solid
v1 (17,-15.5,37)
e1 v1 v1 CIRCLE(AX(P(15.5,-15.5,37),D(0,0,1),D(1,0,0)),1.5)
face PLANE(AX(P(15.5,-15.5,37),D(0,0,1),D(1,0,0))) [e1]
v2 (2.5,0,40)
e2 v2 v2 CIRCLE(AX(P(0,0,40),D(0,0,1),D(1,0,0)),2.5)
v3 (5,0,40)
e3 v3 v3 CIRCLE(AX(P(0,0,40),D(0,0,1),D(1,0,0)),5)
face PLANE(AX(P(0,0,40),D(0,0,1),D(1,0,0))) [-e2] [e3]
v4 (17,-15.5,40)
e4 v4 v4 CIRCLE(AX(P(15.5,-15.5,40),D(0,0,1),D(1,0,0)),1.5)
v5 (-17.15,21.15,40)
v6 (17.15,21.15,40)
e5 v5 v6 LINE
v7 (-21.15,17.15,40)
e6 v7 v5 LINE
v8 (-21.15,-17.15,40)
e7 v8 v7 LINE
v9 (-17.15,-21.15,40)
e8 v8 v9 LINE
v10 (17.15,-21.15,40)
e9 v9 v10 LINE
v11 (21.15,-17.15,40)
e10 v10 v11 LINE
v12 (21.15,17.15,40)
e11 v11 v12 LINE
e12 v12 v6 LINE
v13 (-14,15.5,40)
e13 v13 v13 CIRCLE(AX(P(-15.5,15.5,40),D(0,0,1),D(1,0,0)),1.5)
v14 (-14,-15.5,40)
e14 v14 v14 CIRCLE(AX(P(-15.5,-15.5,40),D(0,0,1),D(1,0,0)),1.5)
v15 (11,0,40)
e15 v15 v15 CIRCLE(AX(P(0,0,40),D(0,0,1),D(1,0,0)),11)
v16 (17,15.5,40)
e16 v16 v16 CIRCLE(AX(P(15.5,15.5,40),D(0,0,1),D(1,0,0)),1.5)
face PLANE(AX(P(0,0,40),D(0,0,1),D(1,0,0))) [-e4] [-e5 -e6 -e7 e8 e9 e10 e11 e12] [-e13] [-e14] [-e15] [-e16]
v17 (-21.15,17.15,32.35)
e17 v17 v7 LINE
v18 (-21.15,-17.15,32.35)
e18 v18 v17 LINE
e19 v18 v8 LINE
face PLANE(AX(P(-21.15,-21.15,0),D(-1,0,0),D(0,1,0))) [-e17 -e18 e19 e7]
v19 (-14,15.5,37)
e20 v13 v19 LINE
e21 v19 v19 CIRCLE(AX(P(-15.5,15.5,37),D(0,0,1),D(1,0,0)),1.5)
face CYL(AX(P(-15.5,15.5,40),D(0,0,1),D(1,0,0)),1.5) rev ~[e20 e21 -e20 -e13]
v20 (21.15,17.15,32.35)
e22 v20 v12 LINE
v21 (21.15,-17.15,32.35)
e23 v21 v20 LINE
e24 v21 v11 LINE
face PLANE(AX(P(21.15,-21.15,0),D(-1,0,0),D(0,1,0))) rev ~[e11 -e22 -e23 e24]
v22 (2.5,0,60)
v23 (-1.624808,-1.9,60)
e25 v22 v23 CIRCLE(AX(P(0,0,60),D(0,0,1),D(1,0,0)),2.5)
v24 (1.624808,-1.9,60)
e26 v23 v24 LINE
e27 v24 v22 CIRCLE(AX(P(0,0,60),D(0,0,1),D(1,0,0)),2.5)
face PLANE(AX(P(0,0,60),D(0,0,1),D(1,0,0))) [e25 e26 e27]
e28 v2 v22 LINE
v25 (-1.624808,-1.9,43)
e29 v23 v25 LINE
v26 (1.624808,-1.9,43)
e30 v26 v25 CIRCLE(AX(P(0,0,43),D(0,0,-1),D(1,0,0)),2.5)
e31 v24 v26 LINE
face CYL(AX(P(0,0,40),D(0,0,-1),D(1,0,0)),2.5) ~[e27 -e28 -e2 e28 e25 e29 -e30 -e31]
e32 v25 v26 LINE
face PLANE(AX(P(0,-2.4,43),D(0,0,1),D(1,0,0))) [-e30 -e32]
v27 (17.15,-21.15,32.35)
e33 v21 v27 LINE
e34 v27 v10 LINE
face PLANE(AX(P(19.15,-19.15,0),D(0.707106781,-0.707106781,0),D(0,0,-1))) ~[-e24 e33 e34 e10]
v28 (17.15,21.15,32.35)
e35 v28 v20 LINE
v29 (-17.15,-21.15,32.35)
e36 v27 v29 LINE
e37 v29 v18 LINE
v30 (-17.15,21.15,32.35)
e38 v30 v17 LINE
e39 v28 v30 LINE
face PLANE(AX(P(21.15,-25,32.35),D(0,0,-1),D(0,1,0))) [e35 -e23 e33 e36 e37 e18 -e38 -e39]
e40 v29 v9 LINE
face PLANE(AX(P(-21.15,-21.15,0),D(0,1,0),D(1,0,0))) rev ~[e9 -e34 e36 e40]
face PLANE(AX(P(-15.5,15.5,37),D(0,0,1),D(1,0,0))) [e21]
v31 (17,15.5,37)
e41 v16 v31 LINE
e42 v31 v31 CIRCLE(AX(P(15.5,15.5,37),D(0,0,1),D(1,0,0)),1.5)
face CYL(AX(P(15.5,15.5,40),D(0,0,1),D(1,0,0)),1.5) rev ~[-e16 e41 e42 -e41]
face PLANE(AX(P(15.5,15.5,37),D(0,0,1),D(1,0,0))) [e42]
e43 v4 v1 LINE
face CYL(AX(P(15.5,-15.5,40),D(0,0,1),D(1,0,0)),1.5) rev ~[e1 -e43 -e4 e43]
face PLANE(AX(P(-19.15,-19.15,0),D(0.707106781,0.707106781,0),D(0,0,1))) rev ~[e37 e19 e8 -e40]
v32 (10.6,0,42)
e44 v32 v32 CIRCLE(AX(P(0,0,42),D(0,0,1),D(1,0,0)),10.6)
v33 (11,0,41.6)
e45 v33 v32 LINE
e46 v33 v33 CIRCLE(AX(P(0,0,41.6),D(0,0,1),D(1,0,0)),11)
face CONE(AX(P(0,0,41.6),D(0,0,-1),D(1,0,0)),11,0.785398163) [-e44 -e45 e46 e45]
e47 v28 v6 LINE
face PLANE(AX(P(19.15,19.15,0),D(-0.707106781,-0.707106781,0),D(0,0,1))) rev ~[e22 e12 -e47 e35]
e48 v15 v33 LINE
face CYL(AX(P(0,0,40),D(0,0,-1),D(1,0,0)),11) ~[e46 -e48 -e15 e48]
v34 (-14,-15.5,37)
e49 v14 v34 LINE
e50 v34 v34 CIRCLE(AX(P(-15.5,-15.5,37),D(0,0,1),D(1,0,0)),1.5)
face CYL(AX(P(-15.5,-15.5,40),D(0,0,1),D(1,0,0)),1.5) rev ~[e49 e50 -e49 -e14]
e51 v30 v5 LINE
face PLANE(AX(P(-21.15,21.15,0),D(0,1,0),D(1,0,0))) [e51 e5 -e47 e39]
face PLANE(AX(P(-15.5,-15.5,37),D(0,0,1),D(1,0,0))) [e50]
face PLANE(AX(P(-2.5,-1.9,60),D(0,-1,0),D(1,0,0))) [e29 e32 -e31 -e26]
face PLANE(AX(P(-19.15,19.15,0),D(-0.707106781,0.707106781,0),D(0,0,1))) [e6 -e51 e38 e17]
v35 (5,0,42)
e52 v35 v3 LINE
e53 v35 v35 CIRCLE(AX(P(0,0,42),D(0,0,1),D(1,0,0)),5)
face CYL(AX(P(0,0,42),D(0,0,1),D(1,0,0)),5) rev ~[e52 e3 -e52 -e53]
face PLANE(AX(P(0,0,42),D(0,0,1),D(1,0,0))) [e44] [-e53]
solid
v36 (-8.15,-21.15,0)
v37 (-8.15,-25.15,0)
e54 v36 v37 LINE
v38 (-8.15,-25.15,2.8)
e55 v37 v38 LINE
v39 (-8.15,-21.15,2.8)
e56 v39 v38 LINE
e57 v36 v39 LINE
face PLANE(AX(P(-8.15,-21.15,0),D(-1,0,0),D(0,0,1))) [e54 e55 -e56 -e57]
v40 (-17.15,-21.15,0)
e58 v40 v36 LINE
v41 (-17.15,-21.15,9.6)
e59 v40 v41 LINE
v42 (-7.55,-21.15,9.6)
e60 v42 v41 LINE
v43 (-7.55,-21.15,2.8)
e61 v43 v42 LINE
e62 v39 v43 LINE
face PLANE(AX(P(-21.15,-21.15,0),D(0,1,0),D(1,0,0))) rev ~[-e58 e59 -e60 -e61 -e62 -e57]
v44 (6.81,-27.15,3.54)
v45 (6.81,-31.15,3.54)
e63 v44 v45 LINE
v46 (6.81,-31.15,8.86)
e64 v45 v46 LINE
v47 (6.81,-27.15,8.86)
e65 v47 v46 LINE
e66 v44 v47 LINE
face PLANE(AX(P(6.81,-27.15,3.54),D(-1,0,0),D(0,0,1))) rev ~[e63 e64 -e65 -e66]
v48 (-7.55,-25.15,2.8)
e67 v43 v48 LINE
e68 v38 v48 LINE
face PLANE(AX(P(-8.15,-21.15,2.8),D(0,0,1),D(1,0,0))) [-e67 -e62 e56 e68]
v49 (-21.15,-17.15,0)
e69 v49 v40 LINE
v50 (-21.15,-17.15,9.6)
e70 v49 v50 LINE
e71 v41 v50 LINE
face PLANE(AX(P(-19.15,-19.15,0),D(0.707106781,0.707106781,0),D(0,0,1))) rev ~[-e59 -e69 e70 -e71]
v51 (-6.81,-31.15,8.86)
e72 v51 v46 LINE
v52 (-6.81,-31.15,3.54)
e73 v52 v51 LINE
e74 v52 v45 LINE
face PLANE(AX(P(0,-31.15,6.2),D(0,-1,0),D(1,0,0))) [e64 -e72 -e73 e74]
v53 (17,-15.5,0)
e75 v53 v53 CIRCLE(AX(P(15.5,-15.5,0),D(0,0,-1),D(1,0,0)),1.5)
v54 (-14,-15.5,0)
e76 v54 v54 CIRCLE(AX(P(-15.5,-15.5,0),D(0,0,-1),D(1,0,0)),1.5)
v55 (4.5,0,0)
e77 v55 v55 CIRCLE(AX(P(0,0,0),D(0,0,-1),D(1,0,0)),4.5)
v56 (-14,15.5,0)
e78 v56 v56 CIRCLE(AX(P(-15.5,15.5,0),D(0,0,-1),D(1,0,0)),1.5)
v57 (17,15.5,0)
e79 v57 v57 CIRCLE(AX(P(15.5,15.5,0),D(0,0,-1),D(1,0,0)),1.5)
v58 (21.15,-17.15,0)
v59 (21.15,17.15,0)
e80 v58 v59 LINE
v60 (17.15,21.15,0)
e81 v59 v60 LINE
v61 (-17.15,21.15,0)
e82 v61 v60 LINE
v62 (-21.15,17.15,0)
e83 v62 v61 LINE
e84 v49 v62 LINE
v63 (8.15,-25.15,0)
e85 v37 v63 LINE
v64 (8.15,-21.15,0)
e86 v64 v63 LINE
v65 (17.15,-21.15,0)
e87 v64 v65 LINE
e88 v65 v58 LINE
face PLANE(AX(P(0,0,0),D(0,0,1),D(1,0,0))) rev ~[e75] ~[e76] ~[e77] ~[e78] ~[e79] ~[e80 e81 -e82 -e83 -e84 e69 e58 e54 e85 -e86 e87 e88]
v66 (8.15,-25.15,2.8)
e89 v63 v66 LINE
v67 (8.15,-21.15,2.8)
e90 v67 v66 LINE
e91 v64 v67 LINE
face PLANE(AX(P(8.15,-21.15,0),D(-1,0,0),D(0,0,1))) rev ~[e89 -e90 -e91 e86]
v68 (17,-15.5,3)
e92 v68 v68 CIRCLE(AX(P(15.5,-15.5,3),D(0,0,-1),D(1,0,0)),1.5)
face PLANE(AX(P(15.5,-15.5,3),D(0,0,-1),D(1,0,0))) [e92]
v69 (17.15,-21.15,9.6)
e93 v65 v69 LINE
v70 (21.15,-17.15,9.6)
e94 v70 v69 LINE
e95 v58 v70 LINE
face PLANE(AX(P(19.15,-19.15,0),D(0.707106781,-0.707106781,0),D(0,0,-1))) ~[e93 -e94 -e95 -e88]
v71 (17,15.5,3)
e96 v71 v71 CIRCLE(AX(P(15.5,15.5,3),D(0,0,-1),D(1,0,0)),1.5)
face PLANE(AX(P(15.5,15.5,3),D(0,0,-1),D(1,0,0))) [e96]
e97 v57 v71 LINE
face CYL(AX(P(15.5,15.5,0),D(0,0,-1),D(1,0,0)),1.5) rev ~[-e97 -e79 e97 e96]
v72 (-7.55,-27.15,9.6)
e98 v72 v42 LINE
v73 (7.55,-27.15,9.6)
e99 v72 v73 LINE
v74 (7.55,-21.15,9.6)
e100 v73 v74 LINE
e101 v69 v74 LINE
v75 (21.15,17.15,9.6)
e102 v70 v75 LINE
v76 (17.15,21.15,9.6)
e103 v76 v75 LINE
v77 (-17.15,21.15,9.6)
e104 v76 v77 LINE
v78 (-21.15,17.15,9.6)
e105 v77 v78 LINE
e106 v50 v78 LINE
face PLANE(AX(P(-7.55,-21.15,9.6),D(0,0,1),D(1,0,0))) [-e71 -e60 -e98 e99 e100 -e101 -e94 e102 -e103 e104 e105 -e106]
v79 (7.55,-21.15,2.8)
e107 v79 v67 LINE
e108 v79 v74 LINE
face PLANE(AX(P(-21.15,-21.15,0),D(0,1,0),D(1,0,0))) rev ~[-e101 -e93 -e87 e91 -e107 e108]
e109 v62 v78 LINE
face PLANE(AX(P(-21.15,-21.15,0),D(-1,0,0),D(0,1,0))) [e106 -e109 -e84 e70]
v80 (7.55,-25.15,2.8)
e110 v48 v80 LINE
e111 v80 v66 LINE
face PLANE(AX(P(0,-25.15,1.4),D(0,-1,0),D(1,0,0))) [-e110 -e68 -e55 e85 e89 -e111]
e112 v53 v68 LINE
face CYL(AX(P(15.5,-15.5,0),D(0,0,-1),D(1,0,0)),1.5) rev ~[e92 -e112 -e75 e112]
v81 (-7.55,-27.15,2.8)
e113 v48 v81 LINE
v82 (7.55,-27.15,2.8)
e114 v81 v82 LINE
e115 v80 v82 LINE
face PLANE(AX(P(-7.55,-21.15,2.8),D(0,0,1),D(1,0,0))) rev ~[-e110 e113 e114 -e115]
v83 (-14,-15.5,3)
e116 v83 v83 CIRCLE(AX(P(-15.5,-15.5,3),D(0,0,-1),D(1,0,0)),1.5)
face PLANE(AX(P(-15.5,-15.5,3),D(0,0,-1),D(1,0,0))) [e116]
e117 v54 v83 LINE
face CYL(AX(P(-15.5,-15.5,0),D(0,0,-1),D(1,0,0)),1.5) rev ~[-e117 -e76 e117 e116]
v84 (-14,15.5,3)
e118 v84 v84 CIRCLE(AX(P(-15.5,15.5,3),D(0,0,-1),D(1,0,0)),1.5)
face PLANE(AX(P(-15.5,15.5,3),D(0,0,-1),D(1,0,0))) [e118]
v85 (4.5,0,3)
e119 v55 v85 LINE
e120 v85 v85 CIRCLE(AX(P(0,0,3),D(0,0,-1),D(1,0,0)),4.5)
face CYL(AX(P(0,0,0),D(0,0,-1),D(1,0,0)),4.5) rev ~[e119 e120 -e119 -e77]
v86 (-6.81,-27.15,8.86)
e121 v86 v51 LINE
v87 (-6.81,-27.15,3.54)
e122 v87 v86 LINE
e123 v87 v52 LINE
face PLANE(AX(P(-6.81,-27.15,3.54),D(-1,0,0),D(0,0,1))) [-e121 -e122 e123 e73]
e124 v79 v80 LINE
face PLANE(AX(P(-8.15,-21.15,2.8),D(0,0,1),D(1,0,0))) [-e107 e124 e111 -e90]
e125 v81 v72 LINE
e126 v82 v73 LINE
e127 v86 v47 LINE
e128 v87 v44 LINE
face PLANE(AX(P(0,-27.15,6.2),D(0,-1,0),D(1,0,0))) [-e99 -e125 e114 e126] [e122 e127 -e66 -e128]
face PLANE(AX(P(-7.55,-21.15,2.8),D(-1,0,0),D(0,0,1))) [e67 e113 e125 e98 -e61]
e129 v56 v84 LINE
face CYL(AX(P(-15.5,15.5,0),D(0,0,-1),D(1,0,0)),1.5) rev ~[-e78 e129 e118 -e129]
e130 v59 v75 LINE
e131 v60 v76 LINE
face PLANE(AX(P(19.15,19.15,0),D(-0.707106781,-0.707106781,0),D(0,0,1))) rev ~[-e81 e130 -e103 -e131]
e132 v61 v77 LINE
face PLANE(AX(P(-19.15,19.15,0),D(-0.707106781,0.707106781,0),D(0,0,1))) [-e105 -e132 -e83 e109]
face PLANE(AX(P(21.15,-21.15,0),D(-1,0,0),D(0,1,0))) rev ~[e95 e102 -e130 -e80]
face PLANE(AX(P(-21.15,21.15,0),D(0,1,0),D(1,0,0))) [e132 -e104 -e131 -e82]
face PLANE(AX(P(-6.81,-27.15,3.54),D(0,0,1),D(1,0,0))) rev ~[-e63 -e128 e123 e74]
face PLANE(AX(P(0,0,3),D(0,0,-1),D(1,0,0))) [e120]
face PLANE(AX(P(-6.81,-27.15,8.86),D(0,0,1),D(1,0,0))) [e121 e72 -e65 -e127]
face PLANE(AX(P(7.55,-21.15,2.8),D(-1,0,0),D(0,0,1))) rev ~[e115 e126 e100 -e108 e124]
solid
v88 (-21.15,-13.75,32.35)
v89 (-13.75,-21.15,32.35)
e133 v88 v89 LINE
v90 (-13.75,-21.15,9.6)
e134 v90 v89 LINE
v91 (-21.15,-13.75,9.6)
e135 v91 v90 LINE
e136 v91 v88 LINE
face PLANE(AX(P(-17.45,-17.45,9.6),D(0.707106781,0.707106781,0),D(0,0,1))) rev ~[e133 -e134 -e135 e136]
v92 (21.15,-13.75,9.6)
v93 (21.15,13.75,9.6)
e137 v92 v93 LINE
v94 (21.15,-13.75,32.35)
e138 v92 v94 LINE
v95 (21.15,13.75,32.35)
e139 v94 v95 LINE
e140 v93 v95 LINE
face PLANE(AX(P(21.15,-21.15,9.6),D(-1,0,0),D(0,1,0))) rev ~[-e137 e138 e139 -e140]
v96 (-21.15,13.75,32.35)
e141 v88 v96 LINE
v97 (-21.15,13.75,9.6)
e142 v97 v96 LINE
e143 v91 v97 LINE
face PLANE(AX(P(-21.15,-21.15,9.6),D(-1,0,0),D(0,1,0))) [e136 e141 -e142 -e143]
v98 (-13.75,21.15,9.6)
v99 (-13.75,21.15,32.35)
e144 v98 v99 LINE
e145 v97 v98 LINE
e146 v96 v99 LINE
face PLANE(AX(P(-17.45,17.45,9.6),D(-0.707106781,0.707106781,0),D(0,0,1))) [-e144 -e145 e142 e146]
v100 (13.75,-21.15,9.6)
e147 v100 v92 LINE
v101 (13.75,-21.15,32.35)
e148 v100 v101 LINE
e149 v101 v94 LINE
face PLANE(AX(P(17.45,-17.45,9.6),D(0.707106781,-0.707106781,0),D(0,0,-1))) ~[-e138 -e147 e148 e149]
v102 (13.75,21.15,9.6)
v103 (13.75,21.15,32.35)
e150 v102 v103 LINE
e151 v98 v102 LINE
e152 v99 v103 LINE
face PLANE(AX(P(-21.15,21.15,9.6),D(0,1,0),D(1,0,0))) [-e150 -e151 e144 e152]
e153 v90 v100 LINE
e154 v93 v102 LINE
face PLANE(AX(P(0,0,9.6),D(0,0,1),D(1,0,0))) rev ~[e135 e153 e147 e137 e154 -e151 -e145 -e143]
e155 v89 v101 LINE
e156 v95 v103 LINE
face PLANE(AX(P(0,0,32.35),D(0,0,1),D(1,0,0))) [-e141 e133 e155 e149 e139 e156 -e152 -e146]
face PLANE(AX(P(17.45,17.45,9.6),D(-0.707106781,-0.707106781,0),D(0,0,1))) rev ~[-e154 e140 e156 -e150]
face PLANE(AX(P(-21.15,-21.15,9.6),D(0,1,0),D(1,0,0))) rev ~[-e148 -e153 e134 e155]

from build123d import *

# Parameters (mm, degrees)
SKETCH_W        = 42.3
SKETCH_H        = 42.3
PAD_DEPTH       = 40
CHAMFER_SIZE    = 4
SKETCH001_R     = 11
PAD001_DEPTH    = 2
CHAMFER001_SIZE = 0.4
SKETCH002_R     = 5
POCKET_DEPTH    = 2
SKETCH003_R     = 4.5
POCKET001_DEPTH = 3
SKETCH004_R     = 1.5
POCKET002_DEPTH = 3
SKETCH005_R     = 1.5
POCKET003_DEPTH = 3
SKETCH006_W     = 16.3
SKETCH006_H     = 2.8
PAD002_DEPTH    = 4
SKETCH007_W     = 15.1
SKETCH007_H     = 6.8
PAD003_DEPTH    = 6
SKETCH008_W     = 13.62
SKETCH008_H     = 5.32
PAD004_DEPTH    = 4
SKETCH009_R     = 2.5
PAD005_DEPTH    = 20
SKETCH010_W     = 5
SKETCH010_H     = 1
POCKET004_DEPTH = 17
SKETCH011_W     = 50
SKETCH011_H     = 22.75
POCKET005_DEPTH = 42.3
BOX_W           = 42.3
BOX_H           = 42.3
BOX_DEPTH       = 22.75
CHAMFER002_SIZE = 7.4


with BuildPart() as pocket005:
    # Sketch → Pad (new body)
    with BuildSketch(Plane.XY):
        Rectangle(SKETCH_W, SKETCH_H)
    extrude(amount=PAD_DEPTH)

    # Chamfer
    chamfer_edges = [pocket005.edges().sort_by_distance(p)[0] for p in [
        (21.15, -21.15, 20),
        (21.15, 21.15, 20),
        (-21.15, 21.15, 20),
        (-21.15, -21.15, 20),
    ]]
    chamfer(chamfer_edges, length=CHAMFER_SIZE)

    # Sketch001 → Pad001 (new body)
    with BuildSketch(Plane.XY.offset(40)):
        Circle(SKETCH001_R)
    extrude(amount=PAD001_DEPTH)

    # Chamfer001
    chamfer001_edges = [pocket005.edges().sort_by_distance(p)[0] for p in [
        (-11, 0, 42),
    ]]
    chamfer(chamfer001_edges, length=CHAMFER001_SIZE)

    # Sketch002 → Pocket (cut)
    with BuildSketch(Plane.XY.offset(42)):
        Circle(SKETCH002_R)
    extrude(amount=-POCKET_DEPTH, mode=Mode.SUBTRACT)

    # Sketch003 → Pocket001 (cut)
    with BuildSketch(Plane(origin=(0, 0, 0), x_dir=(1, 0, 0), z_dir=(0, 0, -1))):
        Circle(SKETCH003_R)
    extrude(amount=-POCKET001_DEPTH, mode=Mode.SUBTRACT)

    # Sketch004 → Pocket002 (cut)
    with BuildSketch(Plane(origin=(0, 0, 0), x_dir=(1, 0, 0), z_dir=(0, 0, -1))):
        with Locations((-15.5, 15.5)):
            Circle(SKETCH004_R)
        with Locations((15.5, 15.5)):
            Circle(SKETCH004_R)
        with Locations((-15.5, -15.5)):
            Circle(SKETCH004_R)
        with Locations((15.5, -15.5)):
            Circle(SKETCH004_R)
    extrude(amount=-POCKET002_DEPTH, mode=Mode.SUBTRACT)

    # Sketch005 → Pocket003 (cut)
    with BuildSketch(Plane.XY.offset(40)):
        with Locations((-15.5, 15.5)):
            Circle(SKETCH005_R)
        with Locations((15.5, 15.5)):
            Circle(SKETCH005_R)
        with Locations((-15.5, -15.5)):
            Circle(SKETCH005_R)
        with Locations((15.5, -15.5)):
            Circle(SKETCH005_R)
    extrude(amount=-POCKET003_DEPTH, mode=Mode.SUBTRACT)

    # Sketch006 → Pad002 (new body)
    with BuildSketch(Plane.XZ.offset(21.15)):
        with Locations((0, 1.4)):
            Rectangle(SKETCH006_W, SKETCH006_H)
    extrude(amount=PAD002_DEPTH)

    # Sketch007 → Pad003 (new body)
    with BuildSketch(Plane.XZ.offset(21.15)):
        with Locations((0, 6.2)):
            Rectangle(SKETCH007_W, SKETCH007_H)
    extrude(amount=PAD003_DEPTH)

    # Sketch008 → Pad004 (new body)
    with BuildSketch(Plane.XZ.offset(27.15)):
        with Locations((0, 6.2)):
            Rectangle(SKETCH008_W, SKETCH008_H)
    extrude(amount=PAD004_DEPTH)

    # Sketch009 → Pad005 (new body)
    with BuildSketch(Plane.XY.offset(40)):
        Circle(SKETCH009_R)
    extrude(amount=PAD005_DEPTH)

    # Sketch010 → Pocket004 (cut)
    with BuildSketch(Plane.XY.offset(60)):
        with Locations((0, -2.4)):
            Rectangle(SKETCH010_W, SKETCH010_H)
    extrude(amount=-POCKET004_DEPTH, mode=Mode.SUBTRACT)

    # Sketch011 → Pocket005 (cut)
    with BuildSketch(Plane.YZ.offset(21.15)):
        with Locations((0, 20.975)):
            Rectangle(SKETCH011_W, SKETCH011_H)
    extrude(amount=-POCKET005_DEPTH, mode=Mode.SUBTRACT)


with BuildPart() as chamfer002:
    # Box → Box (new body)
    with BuildSketch(Plane(origin=(-21.15, -21.15, 9.6), x_dir=(1, 0, 0), z_dir=(0, 0, 1))):
        with Locations((21.15, 21.15)):
            Rectangle(BOX_W, BOX_H)
    extrude(amount=BOX_DEPTH)

    # Chamfer002
    chamfer002_edges = [chamfer002.edges().sort_by_distance(p)[0] for p in [
        (-21.15, -21.15, 20.975),
        (-21.15, 21.15, 20.975),
        (21.15, -21.15, 20.975),
        (21.15, 21.15, 20.975),
    ]]
    chamfer(chamfer002_edges, length=CHAMFER002_SIZE)


solid = Compound([pocket005.part, chamfer002.part])
